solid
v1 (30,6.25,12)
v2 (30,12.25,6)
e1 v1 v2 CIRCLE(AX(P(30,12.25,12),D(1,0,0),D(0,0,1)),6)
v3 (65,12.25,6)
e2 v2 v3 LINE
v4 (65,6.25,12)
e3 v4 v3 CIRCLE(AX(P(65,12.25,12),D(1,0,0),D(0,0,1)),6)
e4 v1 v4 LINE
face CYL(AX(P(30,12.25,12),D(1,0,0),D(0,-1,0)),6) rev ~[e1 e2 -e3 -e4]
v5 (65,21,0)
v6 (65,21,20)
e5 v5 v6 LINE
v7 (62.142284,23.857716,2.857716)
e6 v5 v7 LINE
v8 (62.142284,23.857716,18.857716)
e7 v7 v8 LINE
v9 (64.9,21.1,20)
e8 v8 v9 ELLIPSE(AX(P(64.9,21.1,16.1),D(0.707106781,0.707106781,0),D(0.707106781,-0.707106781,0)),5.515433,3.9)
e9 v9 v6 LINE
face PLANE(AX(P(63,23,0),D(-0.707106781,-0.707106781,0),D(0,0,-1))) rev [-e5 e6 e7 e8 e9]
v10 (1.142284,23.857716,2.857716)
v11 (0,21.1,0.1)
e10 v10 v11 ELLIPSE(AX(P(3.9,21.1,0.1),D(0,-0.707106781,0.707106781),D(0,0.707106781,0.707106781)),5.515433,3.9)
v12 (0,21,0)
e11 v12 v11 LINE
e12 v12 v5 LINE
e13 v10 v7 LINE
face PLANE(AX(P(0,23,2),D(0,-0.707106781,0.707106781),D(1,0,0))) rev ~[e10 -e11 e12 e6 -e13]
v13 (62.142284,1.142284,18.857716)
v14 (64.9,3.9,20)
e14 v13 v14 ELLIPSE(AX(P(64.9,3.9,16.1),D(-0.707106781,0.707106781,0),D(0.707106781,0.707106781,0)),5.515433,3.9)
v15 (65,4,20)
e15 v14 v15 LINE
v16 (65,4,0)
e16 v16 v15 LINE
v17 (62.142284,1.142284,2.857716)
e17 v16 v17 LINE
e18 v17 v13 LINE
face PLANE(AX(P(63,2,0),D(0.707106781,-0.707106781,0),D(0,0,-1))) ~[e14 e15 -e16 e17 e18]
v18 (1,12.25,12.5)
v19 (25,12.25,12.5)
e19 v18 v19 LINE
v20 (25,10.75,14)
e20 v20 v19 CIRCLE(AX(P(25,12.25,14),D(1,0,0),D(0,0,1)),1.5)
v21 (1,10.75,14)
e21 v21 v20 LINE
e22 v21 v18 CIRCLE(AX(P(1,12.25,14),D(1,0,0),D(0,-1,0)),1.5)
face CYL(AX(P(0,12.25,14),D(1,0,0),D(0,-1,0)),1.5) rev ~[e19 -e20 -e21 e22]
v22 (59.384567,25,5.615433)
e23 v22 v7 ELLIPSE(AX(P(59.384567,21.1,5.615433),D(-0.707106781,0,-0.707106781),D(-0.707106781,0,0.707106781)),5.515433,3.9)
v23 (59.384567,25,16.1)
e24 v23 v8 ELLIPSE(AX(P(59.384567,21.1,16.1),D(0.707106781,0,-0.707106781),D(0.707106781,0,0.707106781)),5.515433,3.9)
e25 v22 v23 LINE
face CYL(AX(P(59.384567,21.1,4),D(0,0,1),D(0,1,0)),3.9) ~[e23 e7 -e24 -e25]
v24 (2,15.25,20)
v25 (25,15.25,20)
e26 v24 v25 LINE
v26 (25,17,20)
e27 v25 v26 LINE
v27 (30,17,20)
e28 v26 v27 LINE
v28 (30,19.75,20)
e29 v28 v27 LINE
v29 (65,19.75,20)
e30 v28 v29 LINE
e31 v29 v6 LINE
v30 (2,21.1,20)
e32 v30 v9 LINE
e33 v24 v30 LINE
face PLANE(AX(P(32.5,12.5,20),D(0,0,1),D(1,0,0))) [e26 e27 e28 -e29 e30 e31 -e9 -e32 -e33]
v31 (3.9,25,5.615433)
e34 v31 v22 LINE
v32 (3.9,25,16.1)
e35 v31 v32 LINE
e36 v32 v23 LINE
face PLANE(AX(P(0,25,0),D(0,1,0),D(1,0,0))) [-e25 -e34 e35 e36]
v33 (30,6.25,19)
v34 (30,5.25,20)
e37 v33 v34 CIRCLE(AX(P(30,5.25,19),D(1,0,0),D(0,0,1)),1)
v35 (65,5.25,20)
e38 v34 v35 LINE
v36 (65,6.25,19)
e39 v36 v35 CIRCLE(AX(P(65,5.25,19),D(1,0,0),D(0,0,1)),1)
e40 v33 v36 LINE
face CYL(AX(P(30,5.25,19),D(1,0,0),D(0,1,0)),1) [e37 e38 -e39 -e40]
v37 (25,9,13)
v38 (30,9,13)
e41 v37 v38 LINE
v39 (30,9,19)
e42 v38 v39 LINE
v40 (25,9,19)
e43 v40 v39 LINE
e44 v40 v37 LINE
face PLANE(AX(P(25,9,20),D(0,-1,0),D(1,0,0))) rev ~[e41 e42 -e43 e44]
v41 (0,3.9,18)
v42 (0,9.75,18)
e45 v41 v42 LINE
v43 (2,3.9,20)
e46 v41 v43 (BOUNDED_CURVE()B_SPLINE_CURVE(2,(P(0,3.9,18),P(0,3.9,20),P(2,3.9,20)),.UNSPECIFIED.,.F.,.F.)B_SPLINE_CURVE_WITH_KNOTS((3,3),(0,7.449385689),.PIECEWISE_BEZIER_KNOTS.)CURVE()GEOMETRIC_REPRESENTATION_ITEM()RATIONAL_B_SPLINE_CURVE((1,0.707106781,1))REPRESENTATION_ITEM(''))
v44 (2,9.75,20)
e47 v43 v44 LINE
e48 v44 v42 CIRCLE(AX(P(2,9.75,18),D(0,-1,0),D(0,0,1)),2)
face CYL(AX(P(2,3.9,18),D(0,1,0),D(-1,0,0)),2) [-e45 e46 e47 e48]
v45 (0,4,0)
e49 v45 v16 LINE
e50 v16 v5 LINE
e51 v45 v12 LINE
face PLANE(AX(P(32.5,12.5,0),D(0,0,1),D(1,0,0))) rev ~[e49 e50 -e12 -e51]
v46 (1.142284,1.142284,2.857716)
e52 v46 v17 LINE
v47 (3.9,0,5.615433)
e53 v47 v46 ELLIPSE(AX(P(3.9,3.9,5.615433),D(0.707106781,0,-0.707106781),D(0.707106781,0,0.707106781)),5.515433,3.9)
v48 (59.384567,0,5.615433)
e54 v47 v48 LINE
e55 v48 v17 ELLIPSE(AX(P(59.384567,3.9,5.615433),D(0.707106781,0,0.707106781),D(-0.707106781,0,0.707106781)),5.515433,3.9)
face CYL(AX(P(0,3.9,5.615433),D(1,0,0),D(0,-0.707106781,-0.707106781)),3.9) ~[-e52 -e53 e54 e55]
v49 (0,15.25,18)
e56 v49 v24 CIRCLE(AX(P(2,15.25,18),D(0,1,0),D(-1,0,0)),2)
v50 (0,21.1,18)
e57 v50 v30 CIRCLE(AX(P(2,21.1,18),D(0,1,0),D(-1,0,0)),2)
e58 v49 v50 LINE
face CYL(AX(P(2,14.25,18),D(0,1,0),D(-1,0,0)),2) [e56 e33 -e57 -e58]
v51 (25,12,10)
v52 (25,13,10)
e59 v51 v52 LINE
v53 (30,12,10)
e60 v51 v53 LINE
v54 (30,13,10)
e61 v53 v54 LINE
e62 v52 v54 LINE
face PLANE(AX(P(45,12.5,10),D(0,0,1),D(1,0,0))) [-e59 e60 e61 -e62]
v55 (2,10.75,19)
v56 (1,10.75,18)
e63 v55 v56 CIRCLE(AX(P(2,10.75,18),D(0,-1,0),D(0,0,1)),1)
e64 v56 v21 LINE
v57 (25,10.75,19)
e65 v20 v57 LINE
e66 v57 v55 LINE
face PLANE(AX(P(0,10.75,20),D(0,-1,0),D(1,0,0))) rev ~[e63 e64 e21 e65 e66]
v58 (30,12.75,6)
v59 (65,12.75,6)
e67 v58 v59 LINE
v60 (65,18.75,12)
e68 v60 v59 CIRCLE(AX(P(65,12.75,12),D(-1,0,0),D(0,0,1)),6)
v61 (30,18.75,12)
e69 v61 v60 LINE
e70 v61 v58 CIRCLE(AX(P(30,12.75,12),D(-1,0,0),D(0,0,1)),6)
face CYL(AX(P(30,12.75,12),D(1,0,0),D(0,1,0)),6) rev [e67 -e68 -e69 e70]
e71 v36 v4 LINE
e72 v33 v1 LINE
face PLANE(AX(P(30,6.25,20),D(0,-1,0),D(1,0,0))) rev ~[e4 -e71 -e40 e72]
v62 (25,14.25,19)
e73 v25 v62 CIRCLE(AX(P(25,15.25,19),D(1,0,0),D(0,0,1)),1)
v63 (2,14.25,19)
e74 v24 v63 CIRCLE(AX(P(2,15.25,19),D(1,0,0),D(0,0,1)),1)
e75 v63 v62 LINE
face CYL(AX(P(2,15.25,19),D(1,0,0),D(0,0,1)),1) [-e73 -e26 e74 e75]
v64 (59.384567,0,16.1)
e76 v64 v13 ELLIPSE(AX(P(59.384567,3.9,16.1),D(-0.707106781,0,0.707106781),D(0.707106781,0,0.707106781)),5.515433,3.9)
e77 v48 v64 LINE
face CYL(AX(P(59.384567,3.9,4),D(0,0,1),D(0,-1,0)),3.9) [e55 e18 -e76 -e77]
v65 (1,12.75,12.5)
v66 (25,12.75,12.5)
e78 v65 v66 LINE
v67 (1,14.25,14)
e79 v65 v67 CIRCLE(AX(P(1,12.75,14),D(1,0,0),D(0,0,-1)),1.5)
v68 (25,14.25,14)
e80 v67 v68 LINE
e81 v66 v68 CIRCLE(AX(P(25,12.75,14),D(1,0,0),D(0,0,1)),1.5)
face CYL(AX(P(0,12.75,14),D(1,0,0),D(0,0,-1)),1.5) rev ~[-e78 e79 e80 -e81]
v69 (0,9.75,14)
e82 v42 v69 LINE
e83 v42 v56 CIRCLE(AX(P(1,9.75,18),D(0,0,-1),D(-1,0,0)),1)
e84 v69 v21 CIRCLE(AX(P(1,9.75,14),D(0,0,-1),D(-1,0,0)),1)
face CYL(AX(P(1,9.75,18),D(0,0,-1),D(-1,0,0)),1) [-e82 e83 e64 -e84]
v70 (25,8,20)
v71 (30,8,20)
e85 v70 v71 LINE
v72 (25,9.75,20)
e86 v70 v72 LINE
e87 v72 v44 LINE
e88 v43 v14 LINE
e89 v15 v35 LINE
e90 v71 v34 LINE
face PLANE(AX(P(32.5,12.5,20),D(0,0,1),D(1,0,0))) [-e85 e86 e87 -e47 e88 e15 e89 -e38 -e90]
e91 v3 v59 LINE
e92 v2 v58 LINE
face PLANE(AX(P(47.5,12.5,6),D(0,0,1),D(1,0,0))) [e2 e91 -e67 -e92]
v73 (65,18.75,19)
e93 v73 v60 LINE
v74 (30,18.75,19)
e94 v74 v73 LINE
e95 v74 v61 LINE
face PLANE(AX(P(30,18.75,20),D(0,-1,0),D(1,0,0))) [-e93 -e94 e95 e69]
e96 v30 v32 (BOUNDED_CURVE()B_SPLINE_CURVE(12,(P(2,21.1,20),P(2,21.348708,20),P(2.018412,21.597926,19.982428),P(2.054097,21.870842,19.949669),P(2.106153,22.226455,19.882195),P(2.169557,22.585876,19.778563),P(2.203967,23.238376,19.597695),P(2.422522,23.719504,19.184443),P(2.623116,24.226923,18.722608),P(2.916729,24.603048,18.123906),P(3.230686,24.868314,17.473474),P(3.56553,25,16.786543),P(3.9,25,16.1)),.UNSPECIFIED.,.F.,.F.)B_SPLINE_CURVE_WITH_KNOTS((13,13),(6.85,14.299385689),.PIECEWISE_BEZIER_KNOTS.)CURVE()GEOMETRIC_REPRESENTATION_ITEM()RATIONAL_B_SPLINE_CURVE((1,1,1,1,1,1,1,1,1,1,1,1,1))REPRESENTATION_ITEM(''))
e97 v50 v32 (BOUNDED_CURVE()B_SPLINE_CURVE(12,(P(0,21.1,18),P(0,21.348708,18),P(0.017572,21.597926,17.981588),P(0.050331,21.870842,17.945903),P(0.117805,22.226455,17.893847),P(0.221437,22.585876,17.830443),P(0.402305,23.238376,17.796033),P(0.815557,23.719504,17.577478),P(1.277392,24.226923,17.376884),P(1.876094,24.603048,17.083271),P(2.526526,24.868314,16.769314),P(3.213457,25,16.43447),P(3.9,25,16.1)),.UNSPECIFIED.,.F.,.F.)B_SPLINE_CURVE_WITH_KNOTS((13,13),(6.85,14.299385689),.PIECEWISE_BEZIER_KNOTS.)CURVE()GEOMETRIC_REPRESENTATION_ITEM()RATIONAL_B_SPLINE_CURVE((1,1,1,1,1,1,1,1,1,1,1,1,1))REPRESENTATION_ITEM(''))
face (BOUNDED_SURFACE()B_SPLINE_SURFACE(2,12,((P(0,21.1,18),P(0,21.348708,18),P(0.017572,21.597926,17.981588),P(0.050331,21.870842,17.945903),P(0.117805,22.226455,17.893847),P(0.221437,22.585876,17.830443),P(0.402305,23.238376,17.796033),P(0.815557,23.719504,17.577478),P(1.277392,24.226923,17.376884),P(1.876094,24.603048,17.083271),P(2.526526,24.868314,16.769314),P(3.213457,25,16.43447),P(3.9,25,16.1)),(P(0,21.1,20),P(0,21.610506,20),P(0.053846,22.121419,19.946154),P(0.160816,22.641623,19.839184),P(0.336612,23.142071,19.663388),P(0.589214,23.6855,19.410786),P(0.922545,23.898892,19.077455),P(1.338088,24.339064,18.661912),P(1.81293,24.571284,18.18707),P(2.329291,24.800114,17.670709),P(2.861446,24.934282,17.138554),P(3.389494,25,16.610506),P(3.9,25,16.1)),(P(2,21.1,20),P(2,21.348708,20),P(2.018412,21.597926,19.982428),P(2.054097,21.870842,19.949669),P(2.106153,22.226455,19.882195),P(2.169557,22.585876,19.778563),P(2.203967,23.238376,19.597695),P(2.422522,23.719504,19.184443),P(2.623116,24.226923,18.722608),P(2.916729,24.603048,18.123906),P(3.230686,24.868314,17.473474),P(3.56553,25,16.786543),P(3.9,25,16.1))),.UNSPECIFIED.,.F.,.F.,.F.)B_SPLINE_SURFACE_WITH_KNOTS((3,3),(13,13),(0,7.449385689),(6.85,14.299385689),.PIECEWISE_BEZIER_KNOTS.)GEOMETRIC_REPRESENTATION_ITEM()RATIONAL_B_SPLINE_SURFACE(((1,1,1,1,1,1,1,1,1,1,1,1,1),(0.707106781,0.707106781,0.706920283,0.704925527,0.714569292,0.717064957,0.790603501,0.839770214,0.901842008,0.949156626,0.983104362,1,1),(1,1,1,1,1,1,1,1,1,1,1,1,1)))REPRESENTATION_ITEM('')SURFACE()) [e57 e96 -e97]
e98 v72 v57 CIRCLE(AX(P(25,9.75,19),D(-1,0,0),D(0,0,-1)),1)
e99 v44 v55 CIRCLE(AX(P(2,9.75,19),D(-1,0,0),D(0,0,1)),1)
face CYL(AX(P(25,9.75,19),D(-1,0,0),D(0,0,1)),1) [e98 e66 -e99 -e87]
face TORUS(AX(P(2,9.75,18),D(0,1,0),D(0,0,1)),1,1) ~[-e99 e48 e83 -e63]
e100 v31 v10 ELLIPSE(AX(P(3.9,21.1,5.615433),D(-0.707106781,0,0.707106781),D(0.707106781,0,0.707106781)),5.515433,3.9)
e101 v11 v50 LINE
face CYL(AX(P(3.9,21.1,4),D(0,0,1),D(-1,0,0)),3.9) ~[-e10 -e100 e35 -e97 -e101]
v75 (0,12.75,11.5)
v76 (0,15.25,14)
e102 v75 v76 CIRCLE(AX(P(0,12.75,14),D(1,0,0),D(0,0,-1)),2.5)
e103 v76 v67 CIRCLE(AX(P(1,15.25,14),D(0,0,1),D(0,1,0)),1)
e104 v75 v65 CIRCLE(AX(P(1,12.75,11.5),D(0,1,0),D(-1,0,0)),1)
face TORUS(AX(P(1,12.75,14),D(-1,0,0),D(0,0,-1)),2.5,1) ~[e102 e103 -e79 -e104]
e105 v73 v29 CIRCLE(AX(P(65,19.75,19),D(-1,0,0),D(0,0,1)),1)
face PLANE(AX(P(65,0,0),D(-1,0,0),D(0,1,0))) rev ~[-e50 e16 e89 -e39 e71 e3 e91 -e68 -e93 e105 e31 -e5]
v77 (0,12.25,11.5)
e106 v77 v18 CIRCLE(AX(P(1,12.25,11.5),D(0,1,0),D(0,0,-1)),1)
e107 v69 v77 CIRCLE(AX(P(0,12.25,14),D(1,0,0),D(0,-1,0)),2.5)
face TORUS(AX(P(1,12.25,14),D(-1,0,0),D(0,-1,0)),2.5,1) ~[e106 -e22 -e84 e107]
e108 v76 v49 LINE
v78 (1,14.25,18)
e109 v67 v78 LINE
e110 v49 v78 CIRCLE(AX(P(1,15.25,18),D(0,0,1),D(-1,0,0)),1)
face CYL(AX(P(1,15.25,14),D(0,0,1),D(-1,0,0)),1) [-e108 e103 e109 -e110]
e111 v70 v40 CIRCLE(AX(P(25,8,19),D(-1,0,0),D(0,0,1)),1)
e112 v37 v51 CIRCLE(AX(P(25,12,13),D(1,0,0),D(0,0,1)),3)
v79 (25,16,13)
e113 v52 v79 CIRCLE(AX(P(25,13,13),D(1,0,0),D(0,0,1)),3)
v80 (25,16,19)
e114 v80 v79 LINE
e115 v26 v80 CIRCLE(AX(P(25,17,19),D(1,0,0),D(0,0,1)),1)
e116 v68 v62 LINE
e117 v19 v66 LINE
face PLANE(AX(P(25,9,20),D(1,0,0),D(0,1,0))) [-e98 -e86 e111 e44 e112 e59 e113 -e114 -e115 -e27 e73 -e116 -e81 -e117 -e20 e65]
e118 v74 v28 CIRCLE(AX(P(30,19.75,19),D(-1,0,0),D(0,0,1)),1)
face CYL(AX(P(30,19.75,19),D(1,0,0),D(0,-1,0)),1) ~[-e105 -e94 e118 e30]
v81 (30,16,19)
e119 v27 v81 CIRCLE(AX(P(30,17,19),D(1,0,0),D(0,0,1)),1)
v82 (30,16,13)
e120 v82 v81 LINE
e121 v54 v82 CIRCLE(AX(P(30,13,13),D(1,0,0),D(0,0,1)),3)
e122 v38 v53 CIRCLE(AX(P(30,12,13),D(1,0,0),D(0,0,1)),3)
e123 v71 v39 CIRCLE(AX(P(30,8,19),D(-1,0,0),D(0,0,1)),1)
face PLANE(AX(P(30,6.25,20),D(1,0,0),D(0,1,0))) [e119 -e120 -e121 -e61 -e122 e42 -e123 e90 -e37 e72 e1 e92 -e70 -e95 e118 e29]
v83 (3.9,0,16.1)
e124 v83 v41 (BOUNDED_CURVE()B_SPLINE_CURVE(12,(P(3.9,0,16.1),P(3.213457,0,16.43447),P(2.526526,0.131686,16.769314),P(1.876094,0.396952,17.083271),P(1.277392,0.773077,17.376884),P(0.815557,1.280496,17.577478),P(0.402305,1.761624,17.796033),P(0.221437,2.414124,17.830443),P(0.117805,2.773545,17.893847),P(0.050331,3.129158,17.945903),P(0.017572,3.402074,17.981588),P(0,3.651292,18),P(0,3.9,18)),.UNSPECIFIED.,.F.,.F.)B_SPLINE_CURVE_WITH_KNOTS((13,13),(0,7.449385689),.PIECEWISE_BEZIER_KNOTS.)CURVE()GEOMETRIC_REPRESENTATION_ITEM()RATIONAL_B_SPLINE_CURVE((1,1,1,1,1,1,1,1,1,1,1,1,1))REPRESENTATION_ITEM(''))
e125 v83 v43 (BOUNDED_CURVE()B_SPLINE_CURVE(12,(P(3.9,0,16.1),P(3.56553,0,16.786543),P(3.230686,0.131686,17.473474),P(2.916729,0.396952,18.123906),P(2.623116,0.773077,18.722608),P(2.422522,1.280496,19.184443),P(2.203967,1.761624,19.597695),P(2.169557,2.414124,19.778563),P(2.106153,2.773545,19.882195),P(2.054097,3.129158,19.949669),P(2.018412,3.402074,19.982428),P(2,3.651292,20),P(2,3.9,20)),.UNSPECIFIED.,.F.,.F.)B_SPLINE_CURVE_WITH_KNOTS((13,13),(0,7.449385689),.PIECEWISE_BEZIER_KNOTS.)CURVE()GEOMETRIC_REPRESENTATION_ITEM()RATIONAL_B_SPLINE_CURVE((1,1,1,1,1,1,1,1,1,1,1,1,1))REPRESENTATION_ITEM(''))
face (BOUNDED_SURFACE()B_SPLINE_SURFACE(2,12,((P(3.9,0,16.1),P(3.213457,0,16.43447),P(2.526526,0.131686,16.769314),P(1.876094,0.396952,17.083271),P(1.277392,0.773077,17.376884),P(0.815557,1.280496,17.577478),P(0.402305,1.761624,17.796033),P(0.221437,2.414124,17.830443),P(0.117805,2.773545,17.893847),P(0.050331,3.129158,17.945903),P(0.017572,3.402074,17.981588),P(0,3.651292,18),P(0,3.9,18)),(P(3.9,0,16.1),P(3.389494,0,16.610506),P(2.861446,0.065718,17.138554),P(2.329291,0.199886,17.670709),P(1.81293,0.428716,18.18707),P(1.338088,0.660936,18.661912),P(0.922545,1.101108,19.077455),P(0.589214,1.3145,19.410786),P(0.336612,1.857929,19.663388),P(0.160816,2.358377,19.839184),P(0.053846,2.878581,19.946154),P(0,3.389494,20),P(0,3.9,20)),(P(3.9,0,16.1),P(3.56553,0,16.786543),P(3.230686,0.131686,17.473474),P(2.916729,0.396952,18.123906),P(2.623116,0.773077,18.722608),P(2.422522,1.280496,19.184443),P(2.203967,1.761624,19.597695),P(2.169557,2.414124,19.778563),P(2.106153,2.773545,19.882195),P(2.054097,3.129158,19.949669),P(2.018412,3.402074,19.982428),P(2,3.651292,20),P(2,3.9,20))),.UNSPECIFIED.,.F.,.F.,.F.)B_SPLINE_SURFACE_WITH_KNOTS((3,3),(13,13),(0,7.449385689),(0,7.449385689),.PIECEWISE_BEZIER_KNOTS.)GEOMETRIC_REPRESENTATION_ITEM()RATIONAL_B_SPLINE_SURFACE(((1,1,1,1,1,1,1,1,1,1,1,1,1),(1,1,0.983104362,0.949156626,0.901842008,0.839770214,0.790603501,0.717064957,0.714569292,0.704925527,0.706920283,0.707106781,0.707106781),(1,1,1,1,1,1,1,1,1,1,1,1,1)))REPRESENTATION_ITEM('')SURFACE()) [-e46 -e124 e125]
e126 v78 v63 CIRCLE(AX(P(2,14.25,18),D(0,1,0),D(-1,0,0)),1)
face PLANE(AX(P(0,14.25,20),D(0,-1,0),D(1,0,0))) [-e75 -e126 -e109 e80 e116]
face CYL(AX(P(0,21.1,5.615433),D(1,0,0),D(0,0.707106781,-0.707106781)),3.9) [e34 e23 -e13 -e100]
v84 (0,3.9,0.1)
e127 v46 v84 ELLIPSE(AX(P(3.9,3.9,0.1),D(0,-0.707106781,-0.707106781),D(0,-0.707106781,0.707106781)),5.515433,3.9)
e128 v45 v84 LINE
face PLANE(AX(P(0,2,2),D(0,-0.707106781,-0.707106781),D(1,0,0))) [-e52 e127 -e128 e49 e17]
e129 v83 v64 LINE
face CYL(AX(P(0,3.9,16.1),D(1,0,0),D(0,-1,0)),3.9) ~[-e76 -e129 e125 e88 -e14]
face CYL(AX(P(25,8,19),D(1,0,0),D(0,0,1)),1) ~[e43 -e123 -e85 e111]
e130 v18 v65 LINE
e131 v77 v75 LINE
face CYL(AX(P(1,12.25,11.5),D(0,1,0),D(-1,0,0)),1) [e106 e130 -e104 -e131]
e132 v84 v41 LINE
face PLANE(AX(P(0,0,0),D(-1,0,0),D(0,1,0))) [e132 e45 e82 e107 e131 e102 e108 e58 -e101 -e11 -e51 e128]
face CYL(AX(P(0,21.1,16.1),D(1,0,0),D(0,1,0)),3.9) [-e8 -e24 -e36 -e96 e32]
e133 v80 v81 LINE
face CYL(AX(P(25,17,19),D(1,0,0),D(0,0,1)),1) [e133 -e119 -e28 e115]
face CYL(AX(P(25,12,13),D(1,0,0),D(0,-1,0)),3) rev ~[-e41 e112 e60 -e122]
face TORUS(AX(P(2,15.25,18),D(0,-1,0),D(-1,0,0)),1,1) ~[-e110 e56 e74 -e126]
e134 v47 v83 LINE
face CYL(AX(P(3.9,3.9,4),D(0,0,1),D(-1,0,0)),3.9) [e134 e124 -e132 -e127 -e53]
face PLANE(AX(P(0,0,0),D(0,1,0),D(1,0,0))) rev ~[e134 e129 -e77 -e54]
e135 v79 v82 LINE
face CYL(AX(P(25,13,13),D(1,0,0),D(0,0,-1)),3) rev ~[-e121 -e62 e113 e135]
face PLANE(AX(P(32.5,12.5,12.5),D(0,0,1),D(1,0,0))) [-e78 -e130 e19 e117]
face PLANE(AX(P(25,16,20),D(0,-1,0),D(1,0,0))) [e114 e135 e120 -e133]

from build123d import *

# Parameters (mm, degrees)
SKETCH_W        = 65
SKETCH_H        = 25
PAD_DEPTH       = 20
SKETCH001_W     = 65
SKETCH001_H     = 3.5
POCKET_DEPTH    = 7.5
SKETCH002_W     = 40
SKETCH002_H     = 7
POCKET001_DEPTH = 10
SKETCH003_W     = 35
SKETCH003_H     = 12.5
POCKET002_DEPTH = 14
CHAMFER_SIZE    = 4
CHAMFER001_SIZE = 4
FILLET_R        = 3.9
FILLET001_R     = 2
FILLET002_R     = 1.5
FILLET003_R     = 3
FILLET004_R     = 6
FILLET005_R     = 1


with BuildPart() as part:
    # Sketch → Pad (new body)
    with BuildSketch(Plane.XY):
        with Locations((32.5, 12.5)):
            Rectangle(SKETCH_W, SKETCH_H)
    extrude(amount=PAD_DEPTH)

    # Sketch001 → Pocket (cut)
    with BuildSketch(Plane.XY.offset(20)):
        with Locations((32.5, 12.5)):
            Rectangle(SKETCH001_W, SKETCH001_H)
    extrude(amount=-POCKET_DEPTH, mode=Mode.SUBTRACT)

    # Sketch002 → Pocket001 (cut)
    with BuildSketch(Plane.XY.offset(20)):
        with Locations((45, 12.5)):
            Rectangle(SKETCH002_W, SKETCH002_H)
    extrude(amount=-POCKET001_DEPTH, mode=Mode.SUBTRACT)

    # Sketch003 → Pocket002 (cut)
    with BuildSketch(Plane.XY.offset(20)):
        with Locations((47.5, 12.5)):
            Rectangle(SKETCH003_W, SKETCH003_H)
    extrude(amount=-POCKET002_DEPTH, mode=Mode.SUBTRACT)

    # Chamfer
    chamfer_edges = [part.edges().sort_by_distance(p)[0] for p in [
        (65, 25, 10),
        (65, 0, 10),
    ]]
    chamfer(chamfer_edges, length=CHAMFER_SIZE)

    # Chamfer001
    chamfer001_edges = [part.edges().sort_by_distance(p)[0] for p in [
        (30.5, 0, 0),
        (30.5, 25, 0),
    ]]
    chamfer(chamfer001_edges, length=CHAMFER001_SIZE)

    # Fillet
    fillet_edges = [part.edges().sort_by_distance(p)[0] for p in [
        (61, 0, 12),
        (30.5, 0, 4),
        (30.5, 0, 20),
        (0, 0, 12),
        (61, 25, 12),
        (30.5, 25, 4),
        (30.5, 25, 20),
        (0, 25, 12),
    ]]
    fillet(fillet_edges, radius=FILLET_R)

    # Fillet001
    fillet001_edges = [part.edges().sort_by_distance(p)[0] for p in [
        (0, 7.325, 20),
        (0, 17.675, 20),
    ]]
    fillet(fillet001_edges, radius=FILLET001_R)

    # Fillet002
    fillet002_edges = [part.edges().sort_by_distance(p)[0] for p in [
        (12.5, 14.25, 12.5),
        (12.5, 10.75, 12.5),
    ]]
    fillet(fillet002_edges, radius=FILLET002_R)

    # Fillet003
    fillet003_edges = [part.edges().sort_by_distance(p)[0] for p in [
        (27.5, 9, 10),
        (27.5, 16, 10),
    ]]
    fillet(fillet003_edges, radius=FILLET003_R)

    # Fillet004
    fillet004_edges = [part.edges().sort_by_distance(p)[0] for p in [
        (47.5, 18.75, 6),
        (47.5, 6.25, 6),
    ]]
    fillet(fillet004_edges, radius=FILLET004_R)

    # Fillet005
    fillet005_edges = [part.edges().sort_by_distance(p)[0] for p in [
        (13.5, 14.25, 20),
        (13.5, 10.75, 20),
        (27.5, 16, 20),
        (27.5, 9, 20),
        (47.5, 18.75, 20),
        (47.5, 6.25, 20),
    ]]
    fillet(fillet005_edges, radius=FILLET005_R)


solid = part.part
